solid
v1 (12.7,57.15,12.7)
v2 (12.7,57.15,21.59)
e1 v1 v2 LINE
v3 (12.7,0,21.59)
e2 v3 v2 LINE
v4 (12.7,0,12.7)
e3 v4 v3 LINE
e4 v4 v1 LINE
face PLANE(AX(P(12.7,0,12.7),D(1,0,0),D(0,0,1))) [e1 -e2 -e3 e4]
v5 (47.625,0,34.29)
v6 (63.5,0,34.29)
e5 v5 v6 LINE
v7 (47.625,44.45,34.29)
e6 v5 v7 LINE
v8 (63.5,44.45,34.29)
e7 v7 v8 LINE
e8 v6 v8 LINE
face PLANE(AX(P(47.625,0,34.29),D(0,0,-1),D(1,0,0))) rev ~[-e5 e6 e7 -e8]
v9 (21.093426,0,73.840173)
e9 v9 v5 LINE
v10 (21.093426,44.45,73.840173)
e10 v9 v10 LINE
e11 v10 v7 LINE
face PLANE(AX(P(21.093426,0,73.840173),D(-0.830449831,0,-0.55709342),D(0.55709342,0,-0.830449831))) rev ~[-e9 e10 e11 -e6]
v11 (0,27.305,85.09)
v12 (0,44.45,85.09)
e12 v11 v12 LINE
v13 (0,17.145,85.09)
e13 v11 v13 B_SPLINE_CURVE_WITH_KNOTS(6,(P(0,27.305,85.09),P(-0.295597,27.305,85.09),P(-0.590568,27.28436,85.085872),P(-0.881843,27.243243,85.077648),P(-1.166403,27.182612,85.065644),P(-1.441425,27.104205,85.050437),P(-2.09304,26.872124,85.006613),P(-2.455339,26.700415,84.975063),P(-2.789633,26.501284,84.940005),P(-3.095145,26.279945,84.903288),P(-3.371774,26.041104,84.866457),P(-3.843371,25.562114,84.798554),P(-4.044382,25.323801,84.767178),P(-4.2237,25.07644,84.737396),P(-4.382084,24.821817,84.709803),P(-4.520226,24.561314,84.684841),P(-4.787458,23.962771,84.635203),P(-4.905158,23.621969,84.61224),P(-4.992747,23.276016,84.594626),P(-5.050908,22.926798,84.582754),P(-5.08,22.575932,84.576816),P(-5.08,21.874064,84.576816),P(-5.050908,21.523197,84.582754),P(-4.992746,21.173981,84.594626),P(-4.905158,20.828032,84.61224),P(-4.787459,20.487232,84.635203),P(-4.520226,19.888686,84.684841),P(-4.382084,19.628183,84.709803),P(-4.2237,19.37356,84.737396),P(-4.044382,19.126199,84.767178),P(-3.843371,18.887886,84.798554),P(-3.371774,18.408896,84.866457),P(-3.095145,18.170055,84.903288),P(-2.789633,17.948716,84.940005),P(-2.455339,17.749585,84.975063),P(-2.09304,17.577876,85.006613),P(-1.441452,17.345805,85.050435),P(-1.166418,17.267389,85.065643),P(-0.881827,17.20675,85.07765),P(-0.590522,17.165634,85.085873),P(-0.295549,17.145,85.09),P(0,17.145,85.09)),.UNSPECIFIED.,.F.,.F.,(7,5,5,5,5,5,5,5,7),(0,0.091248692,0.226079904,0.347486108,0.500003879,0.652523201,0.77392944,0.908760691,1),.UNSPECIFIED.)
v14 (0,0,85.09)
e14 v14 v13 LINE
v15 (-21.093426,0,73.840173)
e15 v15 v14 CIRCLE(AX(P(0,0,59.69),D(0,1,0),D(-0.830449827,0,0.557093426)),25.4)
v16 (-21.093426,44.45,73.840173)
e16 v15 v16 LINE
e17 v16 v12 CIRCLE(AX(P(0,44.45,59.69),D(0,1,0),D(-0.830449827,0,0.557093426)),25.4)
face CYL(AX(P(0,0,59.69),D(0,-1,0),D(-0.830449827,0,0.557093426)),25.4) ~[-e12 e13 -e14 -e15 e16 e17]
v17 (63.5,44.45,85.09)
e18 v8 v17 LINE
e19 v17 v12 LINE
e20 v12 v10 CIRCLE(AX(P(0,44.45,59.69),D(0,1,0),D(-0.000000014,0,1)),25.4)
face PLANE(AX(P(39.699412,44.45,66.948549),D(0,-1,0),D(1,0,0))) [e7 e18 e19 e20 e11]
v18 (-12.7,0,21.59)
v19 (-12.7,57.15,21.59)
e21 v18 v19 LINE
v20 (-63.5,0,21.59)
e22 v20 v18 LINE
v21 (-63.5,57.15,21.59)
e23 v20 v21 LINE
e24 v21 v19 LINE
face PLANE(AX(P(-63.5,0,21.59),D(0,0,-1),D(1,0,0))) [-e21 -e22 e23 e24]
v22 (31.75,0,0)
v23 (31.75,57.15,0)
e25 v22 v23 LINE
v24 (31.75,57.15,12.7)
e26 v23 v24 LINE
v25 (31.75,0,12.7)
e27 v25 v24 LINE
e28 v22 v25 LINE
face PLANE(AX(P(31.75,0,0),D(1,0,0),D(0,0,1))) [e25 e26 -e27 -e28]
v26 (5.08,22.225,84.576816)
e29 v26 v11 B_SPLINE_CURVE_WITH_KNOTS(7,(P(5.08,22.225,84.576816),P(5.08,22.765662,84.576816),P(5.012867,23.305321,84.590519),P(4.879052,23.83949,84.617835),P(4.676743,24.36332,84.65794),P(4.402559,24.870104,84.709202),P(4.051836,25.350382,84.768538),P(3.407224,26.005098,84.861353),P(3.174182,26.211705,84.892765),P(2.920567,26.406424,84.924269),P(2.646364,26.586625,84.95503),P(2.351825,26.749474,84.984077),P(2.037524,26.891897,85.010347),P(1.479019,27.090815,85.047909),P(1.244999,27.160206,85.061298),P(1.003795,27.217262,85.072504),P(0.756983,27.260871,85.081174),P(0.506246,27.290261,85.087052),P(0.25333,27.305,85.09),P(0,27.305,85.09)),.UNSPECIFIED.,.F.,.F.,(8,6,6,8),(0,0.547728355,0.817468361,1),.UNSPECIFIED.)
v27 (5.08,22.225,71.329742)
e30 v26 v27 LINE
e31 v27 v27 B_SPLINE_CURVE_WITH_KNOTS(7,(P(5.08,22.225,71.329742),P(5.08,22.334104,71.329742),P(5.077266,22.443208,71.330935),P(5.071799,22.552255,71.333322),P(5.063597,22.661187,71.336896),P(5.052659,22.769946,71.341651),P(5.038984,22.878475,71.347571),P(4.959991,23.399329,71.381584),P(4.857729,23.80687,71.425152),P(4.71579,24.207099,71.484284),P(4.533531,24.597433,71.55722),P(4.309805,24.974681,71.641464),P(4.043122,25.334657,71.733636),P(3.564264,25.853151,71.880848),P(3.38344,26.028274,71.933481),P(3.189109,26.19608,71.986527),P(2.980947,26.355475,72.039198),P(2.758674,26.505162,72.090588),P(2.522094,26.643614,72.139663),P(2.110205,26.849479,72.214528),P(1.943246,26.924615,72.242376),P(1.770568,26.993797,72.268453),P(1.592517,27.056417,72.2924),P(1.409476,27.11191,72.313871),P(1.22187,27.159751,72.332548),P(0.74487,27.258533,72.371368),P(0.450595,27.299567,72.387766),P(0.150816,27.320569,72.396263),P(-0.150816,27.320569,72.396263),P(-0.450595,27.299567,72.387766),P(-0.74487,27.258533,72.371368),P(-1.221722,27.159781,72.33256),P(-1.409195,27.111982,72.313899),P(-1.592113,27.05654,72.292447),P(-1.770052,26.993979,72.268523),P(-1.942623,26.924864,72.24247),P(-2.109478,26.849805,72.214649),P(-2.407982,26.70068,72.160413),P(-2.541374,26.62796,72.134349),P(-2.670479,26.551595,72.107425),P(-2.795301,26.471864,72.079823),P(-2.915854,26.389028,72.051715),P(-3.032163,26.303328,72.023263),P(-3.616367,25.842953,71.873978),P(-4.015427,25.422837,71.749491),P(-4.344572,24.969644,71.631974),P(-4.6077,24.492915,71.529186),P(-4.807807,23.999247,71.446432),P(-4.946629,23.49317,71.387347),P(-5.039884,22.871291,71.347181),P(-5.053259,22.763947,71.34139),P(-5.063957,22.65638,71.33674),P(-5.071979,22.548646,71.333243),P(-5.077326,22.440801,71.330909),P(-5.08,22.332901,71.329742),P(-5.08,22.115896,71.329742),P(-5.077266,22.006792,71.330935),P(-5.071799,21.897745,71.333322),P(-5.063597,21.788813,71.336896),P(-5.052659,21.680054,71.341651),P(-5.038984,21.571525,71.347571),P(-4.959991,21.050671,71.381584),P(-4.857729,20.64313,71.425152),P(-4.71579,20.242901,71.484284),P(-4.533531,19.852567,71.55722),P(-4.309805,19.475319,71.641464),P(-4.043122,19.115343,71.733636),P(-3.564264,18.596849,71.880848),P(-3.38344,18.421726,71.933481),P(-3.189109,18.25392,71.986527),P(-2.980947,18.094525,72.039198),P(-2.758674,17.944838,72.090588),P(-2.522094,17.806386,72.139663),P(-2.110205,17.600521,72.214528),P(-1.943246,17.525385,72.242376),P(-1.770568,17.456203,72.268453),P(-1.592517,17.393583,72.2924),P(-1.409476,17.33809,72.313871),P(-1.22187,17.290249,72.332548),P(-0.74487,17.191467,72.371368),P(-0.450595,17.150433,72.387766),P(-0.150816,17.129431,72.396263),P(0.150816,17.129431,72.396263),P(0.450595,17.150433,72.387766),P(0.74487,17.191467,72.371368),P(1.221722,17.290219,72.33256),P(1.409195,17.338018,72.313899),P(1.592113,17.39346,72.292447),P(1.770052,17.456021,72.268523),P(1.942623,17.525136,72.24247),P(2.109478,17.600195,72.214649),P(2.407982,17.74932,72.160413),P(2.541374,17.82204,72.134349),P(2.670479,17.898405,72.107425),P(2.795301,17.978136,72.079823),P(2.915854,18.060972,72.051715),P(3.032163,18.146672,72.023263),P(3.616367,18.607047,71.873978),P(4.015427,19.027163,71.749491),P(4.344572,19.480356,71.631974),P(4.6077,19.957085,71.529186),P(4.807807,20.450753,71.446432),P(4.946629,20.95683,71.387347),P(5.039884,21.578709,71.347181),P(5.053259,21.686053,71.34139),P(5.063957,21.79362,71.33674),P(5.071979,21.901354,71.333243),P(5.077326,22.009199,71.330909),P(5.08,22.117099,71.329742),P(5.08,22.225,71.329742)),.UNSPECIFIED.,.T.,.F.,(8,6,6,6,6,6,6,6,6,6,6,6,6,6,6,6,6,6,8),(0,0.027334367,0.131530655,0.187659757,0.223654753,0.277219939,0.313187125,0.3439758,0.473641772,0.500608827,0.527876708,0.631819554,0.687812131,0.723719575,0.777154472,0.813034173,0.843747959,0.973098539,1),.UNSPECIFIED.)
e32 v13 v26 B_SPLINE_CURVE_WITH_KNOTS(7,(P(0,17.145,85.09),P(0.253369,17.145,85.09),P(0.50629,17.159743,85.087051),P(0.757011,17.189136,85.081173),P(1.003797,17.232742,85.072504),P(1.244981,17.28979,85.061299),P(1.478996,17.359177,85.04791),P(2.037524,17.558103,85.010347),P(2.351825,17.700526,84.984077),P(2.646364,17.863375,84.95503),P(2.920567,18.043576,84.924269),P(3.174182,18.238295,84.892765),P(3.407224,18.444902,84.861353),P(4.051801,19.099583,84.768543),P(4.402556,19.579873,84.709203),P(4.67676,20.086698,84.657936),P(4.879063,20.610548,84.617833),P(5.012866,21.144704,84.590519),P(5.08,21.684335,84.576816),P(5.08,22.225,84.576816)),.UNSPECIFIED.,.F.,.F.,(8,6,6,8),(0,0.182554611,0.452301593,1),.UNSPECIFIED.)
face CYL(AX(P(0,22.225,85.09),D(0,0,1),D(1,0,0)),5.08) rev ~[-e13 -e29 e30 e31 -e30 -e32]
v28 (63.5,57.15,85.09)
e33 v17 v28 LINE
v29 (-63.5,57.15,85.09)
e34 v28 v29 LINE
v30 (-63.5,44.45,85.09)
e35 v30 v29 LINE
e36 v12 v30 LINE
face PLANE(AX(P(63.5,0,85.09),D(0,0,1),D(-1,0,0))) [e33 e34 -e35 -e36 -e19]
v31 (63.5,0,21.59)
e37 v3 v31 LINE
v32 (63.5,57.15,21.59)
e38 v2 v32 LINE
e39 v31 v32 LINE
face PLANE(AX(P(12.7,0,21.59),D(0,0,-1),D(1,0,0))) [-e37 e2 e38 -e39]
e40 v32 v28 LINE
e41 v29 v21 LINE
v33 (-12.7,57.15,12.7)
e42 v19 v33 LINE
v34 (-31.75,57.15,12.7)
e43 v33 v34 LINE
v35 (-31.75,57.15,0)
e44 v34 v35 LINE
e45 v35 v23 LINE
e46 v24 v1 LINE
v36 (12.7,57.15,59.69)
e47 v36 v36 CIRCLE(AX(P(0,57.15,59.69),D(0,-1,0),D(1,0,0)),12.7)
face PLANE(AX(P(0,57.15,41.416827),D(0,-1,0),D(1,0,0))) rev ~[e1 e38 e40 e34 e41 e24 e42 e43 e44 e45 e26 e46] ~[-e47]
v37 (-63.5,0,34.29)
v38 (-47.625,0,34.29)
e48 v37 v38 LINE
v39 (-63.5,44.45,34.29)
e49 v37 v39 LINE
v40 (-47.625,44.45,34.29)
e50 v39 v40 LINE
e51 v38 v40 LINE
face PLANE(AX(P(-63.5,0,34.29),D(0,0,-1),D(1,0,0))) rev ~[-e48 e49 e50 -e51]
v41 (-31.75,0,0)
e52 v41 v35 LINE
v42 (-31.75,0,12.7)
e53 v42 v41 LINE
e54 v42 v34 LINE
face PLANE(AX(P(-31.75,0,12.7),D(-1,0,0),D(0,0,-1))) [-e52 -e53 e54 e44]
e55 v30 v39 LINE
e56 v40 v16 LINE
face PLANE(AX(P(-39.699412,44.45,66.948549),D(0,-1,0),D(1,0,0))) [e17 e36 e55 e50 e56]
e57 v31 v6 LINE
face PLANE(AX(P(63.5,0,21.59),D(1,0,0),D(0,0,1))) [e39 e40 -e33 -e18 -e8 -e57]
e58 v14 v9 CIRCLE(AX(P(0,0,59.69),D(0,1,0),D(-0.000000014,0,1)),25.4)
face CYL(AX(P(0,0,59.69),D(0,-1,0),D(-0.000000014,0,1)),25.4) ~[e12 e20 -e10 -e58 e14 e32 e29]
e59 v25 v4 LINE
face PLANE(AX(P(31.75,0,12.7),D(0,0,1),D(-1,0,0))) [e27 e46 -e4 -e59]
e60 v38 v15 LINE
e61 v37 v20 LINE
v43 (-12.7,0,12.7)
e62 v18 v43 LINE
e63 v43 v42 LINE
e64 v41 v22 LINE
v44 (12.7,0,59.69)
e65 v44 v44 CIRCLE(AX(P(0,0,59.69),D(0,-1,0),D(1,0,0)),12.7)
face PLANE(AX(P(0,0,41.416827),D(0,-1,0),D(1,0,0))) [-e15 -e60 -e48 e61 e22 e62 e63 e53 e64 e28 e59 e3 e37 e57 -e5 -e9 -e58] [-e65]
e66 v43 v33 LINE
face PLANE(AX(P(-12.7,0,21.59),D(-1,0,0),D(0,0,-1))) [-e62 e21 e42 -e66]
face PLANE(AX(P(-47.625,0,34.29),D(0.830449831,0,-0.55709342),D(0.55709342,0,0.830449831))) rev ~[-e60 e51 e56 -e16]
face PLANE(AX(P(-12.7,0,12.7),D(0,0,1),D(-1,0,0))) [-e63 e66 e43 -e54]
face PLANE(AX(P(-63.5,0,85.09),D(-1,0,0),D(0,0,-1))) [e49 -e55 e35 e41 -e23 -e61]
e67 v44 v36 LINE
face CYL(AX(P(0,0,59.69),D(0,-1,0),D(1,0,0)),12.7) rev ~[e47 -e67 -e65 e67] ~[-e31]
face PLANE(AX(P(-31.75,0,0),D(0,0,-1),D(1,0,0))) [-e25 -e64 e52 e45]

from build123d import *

# Parameters (mm, degrees)
F1_DEPTH = 57.15
F3_DEPTH = 44.45
F2_R     = 12.7
F4_DEPTH = 57.151
F5_R     = 5.08
F6_DEPTH = 25.4


with BuildPart() as f1:
    # F0 (on Front) → F1 (new body)
    with BuildSketch(Plane.XZ):
        Polygon((-31.75, 0), (31.75, 0), (31.75, 12.7), (12.7, 12.7), (12.7, 21.59), (63.5, 21.59), (63.5, 85.09), (-63.5, 85.09), (-63.5, 21.59), (-12.7, 21.59), (-12.7, 12.7), (-31.75, 12.7), align=None)
    extrude(amount=-F1_DEPTH)

    # F2 (on face) → F3 (cut)
    with BuildSketch(Plane.XZ):
        with BuildLine():
            Line((-63.5, 85.09), (-63.5, 34.29))
            Line((-63.5, 34.29), (-47.625, 34.29))
            Line((-47.625, 34.29), (-21.093426, 73.840173))
            ThreePointArc((-21.093426, 73.840173), (-11.952941, 82.101765), (0, 85.09))
            Line((0, 85.09), (-63.5, 85.09))
        make_face()
        with BuildLine():
            Line((63.5, 85.09), (0, 85.09))
            ThreePointArc((0, 85.09), (11.952941, 82.101765), (21.093426, 73.840173))
            Line((21.093426, 73.840173), (47.625, 34.29))
            Line((47.625, 34.29), (63.5, 34.29))
            Line((63.5, 34.29), (63.5, 85.09))
        make_face()
    extrude(amount=-F3_DEPTH, mode=Mode.SUBTRACT)

    # F2 (on face) → F4 (cut, through all)
    with BuildSketch(Plane.XZ):
        with Locations((0, 59.69)):
            Circle(F2_R)
    extrude(amount=-F4_DEPTH, mode=Mode.SUBTRACT)

    # F5 (on face) → F6 (cut)
    with BuildSketch(Plane.XY.offset(85.09)):
        with Locations((0, 22.225)):
            Circle(F5_R)
    extrude(amount=-F6_DEPTH, mode=Mode.SUBTRACT)


solid = f1.part
